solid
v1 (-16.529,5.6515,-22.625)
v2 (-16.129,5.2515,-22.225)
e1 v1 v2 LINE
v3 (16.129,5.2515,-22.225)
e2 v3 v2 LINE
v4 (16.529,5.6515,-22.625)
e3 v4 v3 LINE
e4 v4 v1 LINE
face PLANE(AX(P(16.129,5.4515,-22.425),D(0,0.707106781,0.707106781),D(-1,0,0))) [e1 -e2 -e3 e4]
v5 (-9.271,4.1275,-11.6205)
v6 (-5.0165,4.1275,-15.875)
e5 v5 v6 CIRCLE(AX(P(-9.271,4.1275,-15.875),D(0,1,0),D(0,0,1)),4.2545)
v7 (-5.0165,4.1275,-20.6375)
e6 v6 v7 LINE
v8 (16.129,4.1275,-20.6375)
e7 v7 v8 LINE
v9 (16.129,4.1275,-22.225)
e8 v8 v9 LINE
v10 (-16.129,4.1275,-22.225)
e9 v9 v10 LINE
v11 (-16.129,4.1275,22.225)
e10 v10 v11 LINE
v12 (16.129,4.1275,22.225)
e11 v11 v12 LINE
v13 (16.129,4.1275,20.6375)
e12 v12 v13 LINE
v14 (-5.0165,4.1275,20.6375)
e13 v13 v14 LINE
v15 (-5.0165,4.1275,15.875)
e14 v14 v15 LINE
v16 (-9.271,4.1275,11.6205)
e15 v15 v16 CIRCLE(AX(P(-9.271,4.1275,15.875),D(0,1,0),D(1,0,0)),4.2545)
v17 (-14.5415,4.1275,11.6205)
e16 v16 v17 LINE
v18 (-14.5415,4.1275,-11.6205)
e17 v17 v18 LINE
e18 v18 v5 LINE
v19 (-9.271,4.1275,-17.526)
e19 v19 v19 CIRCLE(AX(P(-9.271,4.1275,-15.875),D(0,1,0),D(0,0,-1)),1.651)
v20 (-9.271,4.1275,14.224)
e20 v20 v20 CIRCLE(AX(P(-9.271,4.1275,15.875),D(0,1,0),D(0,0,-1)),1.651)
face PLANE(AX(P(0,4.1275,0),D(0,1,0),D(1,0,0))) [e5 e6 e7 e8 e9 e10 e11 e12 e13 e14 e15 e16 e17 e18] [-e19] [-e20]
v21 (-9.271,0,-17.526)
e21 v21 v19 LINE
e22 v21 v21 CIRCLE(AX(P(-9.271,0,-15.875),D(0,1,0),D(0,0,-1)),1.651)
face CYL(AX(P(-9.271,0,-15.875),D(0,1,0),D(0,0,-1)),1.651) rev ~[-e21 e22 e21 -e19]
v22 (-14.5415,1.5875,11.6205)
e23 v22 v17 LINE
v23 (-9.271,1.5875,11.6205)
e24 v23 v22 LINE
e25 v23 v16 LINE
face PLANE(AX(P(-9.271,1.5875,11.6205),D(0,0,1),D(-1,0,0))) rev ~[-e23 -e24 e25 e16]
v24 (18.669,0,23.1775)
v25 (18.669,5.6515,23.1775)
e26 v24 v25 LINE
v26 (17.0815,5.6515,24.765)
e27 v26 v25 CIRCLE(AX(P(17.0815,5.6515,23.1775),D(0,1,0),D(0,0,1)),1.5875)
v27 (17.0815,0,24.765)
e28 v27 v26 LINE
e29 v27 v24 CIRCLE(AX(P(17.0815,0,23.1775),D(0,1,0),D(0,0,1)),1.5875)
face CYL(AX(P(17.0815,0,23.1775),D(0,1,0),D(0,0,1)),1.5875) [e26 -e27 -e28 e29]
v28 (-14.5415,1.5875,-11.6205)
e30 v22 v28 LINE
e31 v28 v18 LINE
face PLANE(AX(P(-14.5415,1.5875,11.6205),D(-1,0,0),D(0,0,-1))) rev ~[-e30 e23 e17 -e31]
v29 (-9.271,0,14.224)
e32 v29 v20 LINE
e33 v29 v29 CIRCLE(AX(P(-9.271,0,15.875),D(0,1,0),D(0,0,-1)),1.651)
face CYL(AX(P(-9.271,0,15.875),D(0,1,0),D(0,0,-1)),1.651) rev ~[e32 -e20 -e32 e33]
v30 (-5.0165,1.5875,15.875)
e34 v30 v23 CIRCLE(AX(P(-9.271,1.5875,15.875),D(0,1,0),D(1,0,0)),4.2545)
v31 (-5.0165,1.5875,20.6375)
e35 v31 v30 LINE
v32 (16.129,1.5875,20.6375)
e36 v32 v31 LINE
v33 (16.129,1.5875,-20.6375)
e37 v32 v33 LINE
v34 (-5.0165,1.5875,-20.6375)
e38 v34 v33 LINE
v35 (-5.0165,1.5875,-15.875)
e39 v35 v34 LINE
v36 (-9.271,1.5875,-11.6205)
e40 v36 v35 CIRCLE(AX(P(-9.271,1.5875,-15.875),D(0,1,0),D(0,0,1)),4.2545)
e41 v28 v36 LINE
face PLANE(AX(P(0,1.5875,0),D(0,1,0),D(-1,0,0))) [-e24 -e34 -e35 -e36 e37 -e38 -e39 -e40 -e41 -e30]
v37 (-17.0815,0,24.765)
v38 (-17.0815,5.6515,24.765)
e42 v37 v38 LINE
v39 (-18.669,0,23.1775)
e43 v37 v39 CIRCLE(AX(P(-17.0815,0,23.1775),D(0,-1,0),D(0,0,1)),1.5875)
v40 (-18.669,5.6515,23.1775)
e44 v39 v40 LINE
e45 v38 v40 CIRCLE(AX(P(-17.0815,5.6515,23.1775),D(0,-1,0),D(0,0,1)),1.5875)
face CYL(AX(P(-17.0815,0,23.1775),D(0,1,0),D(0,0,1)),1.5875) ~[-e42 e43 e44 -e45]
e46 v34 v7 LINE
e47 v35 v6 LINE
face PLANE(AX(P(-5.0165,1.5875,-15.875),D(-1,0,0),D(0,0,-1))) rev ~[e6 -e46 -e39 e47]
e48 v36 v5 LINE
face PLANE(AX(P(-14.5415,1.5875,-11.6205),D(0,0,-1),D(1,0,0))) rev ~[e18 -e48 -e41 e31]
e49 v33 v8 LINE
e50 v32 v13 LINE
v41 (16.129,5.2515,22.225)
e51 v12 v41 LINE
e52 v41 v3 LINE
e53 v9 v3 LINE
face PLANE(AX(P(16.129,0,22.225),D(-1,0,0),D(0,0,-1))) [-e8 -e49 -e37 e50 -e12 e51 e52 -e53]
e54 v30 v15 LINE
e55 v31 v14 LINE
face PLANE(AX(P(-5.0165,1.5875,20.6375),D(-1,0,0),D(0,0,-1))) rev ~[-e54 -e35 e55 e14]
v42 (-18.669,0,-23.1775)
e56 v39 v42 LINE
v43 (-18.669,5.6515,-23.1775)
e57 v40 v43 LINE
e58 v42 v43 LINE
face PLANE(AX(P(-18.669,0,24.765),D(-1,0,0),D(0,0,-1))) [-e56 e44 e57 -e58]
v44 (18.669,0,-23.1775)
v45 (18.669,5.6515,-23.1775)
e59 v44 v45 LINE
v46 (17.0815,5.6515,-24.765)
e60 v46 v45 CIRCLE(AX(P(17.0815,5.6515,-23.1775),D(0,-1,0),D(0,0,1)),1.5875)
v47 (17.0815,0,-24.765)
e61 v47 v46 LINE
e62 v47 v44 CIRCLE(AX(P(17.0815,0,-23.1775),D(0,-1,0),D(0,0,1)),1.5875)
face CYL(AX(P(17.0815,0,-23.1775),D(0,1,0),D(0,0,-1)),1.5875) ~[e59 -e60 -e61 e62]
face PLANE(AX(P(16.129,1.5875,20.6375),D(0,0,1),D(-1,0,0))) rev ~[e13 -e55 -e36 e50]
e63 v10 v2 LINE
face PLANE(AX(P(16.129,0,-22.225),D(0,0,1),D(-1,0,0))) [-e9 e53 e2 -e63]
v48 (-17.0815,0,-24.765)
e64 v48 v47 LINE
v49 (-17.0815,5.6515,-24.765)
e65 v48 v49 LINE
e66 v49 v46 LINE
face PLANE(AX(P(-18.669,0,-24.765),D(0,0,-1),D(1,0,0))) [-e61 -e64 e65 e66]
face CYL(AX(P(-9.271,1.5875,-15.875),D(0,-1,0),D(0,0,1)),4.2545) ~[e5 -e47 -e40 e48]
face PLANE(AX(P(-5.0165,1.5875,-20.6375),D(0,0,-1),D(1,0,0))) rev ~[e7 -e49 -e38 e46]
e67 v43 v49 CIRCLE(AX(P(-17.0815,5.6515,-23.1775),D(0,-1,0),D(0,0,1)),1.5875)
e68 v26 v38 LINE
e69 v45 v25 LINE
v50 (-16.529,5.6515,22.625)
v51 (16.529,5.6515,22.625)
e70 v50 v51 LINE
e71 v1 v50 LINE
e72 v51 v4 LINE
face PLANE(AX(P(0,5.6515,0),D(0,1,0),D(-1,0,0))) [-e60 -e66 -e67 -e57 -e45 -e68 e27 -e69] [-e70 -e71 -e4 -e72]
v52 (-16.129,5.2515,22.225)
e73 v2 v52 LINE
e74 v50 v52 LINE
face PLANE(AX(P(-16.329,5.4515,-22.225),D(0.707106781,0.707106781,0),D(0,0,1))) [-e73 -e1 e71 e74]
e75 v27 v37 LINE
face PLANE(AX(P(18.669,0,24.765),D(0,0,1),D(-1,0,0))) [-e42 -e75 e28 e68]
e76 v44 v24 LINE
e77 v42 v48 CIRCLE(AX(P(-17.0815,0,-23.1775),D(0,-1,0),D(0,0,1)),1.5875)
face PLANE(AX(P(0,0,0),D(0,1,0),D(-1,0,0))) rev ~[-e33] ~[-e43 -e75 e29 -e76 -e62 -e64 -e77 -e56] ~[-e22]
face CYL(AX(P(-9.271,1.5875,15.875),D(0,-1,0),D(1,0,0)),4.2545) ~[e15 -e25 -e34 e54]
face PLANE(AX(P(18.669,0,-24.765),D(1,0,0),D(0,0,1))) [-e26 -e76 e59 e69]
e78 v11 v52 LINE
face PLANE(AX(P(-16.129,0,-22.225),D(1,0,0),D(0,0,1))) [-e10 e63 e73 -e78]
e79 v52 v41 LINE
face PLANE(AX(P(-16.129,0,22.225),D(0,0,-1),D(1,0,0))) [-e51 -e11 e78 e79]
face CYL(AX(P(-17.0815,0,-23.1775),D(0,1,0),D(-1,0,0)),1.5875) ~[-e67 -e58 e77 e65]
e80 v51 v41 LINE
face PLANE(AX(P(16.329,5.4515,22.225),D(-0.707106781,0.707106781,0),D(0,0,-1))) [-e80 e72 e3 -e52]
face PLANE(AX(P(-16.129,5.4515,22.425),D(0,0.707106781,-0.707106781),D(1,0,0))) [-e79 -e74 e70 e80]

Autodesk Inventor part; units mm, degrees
ref_plane "YZ Plane" through (0, 0, 0) normal (1, 0, 0) x (0, 1, 0)
ref_plane "XZ Plane" through (0, 0, 0) normal (0, 1, 0) x (-1, 0, 0)
ref_plane "XY Plane" through (0, 0, 0) normal (0, 0, 1) x (1, 0, 0)
sketch "Sketch2" plane through (0, 0, 0) normal (0, 1, 0) x (-1, 0, 0)
  line L0 (16.129, 22.225) -> (-16.129, 22.225)
  line L1 (-16.129, 22.225) -> (-16.129, -22.225)
  line L2 (-16.129, -22.225) -> (16.129, -22.225)
  line L3 (16.129, -22.225) -> (16.129, 22.225)
  line L4 (16.129, 22.225) -> (-16.129, -22.225) construction
  line L5 (-16.129, 22.225) -> (16.129, -22.225) construction
  line L6 (-18.669, 24.765) -> (18.669, 24.765)
  line L7 (18.669, 24.765) -> (18.669, -24.765)
  line L8 (18.669, -24.765) -> (-18.669, -24.765)
  line L9 (-18.669, -24.765) -> (-18.669, 24.765)
  circle A0 centre (9.271, 15.875) radius 2.0574 construction
  circle A1 centre (9.271, -15.875) radius 2.0574 construction
  point P0 (0, 0)
  dimension "d0" = 32.258
  dimension "d1" = 44.45
  dimension "d2" = 2.54
  dimension "d32" = 25.4
  dimension "d33" = 25.4
  dimension "d34" = 6.35
  dimension "d35" = 38.1
  dimension "d43" = 4.1148
  dimension "d44" = 4.1148
extrude "Extrusion1" add sketch "Sketch2" along normal blind 1.5875 contours L3 L2 L1 L0
extrude "Extrusion2" add sketch "Sketch2" along normal blind 5.6515
sketch "Sketch5" plane through (0, 1.5875, 0) normal (0, 1, 0) x (1, 0, 0)
  point P0 (0, 0)
sketch "Sketch6" plane through (0, 1.5875, 0) normal (0, 1, 0) x (1, 0, 0)
  line L0 (16.129, -22.225) -> (16.129, 22.225) projected
  line L1 (16.129, -20.6375) -> (-14.5415, -20.6375)
  line L2 (-14.5415, -20.6375) -> (-14.5415, 20.6375)
  line L3 (-14.5415, 20.6375) -> (16.129, 20.6375)
  line L4 (-16.129, -22.225) -> (16.129, -22.225) projected
  line L5 (-16.129, 22.225) -> (-16.129, -22.225) projected
  line L6 (16.129, 22.225) -> (-16.129, 22.225) projected
  line L7 (16.129, -22.225) -> (16.129, 22.225) projected
  line L8 (16.129, 22.225) -> (-16.129, 22.225) projected
  line L9 (-16.129, 22.225) -> (-16.129, -22.225) projected
  line L10 (-16.129, -22.225) -> (16.129, -22.225) projected
  line L11 (-5.0165, -20.6375) -> (-5.0165, -15.875)
  line L12 (-9.271, -11.6205) -> (-14.5415, -11.6205)
  line L13 (-14.5415, 11.6205) -> (-9.271, 11.6205)
  line L14 (-5.0165, 15.875) -> (-5.0165, 20.6375)
  arc A0 (-5.0165, -15.875) -> (-9.271, -11.6205) centre (-9.271, -15.875) ccw
  arc A1 (-9.271, 11.6205) -> (-5.0165, 15.875) centre (-9.271, 15.875) ccw
  circle A2 centre (-9.271, -15.875) radius 2.0574 construction
  circle A3 centre (-9.271, 15.875) radius 2.0574 construction
  point P0 (0, 0)
  dimension "d23" = 1.5875
  dimension "d24" = 1.5875
  dimension "d25" = 1.5875
  dimension "d29" = 9.525
  dimension "d31" = 9.525
extrude "Extrusion4" add sketch "Sketch6" along normal blind 2.54 contours L4 L5 L6 L0 L3 L2 L1 | L1 L2 L12 A0 L11 | L14 A1 L13 L2 L3
hole "Hole2" at (-9.271, 0, 15.875) at (-9.271, 0, -15.875) direction (0, 1, 0) diameter 3.302 end through all thread size "8-32 UNC" class "2B" standard "ANSI Unified Screw Threads"
chamfer "Chamfer1" distance 0.4 angle 45 4 edges at (-16.129, 5.6515, 0) (0, 5.6515, 22.225) (16.129, 5.6515, 0) (0, 5.6515, -22.225)
fillet "Fillet1" radius 1.5875 4 edges at (18.669, 2.8258, -24.765) (18.669, 2.8258, 24.765) (-18.669, 2.8258, 24.765) (-18.669, 2.8258, -24.765)
equation "\"d33\" = d32"
equation "\"d31\" = d29"
properties part number "TOF mount" material "ABS Plastic"
